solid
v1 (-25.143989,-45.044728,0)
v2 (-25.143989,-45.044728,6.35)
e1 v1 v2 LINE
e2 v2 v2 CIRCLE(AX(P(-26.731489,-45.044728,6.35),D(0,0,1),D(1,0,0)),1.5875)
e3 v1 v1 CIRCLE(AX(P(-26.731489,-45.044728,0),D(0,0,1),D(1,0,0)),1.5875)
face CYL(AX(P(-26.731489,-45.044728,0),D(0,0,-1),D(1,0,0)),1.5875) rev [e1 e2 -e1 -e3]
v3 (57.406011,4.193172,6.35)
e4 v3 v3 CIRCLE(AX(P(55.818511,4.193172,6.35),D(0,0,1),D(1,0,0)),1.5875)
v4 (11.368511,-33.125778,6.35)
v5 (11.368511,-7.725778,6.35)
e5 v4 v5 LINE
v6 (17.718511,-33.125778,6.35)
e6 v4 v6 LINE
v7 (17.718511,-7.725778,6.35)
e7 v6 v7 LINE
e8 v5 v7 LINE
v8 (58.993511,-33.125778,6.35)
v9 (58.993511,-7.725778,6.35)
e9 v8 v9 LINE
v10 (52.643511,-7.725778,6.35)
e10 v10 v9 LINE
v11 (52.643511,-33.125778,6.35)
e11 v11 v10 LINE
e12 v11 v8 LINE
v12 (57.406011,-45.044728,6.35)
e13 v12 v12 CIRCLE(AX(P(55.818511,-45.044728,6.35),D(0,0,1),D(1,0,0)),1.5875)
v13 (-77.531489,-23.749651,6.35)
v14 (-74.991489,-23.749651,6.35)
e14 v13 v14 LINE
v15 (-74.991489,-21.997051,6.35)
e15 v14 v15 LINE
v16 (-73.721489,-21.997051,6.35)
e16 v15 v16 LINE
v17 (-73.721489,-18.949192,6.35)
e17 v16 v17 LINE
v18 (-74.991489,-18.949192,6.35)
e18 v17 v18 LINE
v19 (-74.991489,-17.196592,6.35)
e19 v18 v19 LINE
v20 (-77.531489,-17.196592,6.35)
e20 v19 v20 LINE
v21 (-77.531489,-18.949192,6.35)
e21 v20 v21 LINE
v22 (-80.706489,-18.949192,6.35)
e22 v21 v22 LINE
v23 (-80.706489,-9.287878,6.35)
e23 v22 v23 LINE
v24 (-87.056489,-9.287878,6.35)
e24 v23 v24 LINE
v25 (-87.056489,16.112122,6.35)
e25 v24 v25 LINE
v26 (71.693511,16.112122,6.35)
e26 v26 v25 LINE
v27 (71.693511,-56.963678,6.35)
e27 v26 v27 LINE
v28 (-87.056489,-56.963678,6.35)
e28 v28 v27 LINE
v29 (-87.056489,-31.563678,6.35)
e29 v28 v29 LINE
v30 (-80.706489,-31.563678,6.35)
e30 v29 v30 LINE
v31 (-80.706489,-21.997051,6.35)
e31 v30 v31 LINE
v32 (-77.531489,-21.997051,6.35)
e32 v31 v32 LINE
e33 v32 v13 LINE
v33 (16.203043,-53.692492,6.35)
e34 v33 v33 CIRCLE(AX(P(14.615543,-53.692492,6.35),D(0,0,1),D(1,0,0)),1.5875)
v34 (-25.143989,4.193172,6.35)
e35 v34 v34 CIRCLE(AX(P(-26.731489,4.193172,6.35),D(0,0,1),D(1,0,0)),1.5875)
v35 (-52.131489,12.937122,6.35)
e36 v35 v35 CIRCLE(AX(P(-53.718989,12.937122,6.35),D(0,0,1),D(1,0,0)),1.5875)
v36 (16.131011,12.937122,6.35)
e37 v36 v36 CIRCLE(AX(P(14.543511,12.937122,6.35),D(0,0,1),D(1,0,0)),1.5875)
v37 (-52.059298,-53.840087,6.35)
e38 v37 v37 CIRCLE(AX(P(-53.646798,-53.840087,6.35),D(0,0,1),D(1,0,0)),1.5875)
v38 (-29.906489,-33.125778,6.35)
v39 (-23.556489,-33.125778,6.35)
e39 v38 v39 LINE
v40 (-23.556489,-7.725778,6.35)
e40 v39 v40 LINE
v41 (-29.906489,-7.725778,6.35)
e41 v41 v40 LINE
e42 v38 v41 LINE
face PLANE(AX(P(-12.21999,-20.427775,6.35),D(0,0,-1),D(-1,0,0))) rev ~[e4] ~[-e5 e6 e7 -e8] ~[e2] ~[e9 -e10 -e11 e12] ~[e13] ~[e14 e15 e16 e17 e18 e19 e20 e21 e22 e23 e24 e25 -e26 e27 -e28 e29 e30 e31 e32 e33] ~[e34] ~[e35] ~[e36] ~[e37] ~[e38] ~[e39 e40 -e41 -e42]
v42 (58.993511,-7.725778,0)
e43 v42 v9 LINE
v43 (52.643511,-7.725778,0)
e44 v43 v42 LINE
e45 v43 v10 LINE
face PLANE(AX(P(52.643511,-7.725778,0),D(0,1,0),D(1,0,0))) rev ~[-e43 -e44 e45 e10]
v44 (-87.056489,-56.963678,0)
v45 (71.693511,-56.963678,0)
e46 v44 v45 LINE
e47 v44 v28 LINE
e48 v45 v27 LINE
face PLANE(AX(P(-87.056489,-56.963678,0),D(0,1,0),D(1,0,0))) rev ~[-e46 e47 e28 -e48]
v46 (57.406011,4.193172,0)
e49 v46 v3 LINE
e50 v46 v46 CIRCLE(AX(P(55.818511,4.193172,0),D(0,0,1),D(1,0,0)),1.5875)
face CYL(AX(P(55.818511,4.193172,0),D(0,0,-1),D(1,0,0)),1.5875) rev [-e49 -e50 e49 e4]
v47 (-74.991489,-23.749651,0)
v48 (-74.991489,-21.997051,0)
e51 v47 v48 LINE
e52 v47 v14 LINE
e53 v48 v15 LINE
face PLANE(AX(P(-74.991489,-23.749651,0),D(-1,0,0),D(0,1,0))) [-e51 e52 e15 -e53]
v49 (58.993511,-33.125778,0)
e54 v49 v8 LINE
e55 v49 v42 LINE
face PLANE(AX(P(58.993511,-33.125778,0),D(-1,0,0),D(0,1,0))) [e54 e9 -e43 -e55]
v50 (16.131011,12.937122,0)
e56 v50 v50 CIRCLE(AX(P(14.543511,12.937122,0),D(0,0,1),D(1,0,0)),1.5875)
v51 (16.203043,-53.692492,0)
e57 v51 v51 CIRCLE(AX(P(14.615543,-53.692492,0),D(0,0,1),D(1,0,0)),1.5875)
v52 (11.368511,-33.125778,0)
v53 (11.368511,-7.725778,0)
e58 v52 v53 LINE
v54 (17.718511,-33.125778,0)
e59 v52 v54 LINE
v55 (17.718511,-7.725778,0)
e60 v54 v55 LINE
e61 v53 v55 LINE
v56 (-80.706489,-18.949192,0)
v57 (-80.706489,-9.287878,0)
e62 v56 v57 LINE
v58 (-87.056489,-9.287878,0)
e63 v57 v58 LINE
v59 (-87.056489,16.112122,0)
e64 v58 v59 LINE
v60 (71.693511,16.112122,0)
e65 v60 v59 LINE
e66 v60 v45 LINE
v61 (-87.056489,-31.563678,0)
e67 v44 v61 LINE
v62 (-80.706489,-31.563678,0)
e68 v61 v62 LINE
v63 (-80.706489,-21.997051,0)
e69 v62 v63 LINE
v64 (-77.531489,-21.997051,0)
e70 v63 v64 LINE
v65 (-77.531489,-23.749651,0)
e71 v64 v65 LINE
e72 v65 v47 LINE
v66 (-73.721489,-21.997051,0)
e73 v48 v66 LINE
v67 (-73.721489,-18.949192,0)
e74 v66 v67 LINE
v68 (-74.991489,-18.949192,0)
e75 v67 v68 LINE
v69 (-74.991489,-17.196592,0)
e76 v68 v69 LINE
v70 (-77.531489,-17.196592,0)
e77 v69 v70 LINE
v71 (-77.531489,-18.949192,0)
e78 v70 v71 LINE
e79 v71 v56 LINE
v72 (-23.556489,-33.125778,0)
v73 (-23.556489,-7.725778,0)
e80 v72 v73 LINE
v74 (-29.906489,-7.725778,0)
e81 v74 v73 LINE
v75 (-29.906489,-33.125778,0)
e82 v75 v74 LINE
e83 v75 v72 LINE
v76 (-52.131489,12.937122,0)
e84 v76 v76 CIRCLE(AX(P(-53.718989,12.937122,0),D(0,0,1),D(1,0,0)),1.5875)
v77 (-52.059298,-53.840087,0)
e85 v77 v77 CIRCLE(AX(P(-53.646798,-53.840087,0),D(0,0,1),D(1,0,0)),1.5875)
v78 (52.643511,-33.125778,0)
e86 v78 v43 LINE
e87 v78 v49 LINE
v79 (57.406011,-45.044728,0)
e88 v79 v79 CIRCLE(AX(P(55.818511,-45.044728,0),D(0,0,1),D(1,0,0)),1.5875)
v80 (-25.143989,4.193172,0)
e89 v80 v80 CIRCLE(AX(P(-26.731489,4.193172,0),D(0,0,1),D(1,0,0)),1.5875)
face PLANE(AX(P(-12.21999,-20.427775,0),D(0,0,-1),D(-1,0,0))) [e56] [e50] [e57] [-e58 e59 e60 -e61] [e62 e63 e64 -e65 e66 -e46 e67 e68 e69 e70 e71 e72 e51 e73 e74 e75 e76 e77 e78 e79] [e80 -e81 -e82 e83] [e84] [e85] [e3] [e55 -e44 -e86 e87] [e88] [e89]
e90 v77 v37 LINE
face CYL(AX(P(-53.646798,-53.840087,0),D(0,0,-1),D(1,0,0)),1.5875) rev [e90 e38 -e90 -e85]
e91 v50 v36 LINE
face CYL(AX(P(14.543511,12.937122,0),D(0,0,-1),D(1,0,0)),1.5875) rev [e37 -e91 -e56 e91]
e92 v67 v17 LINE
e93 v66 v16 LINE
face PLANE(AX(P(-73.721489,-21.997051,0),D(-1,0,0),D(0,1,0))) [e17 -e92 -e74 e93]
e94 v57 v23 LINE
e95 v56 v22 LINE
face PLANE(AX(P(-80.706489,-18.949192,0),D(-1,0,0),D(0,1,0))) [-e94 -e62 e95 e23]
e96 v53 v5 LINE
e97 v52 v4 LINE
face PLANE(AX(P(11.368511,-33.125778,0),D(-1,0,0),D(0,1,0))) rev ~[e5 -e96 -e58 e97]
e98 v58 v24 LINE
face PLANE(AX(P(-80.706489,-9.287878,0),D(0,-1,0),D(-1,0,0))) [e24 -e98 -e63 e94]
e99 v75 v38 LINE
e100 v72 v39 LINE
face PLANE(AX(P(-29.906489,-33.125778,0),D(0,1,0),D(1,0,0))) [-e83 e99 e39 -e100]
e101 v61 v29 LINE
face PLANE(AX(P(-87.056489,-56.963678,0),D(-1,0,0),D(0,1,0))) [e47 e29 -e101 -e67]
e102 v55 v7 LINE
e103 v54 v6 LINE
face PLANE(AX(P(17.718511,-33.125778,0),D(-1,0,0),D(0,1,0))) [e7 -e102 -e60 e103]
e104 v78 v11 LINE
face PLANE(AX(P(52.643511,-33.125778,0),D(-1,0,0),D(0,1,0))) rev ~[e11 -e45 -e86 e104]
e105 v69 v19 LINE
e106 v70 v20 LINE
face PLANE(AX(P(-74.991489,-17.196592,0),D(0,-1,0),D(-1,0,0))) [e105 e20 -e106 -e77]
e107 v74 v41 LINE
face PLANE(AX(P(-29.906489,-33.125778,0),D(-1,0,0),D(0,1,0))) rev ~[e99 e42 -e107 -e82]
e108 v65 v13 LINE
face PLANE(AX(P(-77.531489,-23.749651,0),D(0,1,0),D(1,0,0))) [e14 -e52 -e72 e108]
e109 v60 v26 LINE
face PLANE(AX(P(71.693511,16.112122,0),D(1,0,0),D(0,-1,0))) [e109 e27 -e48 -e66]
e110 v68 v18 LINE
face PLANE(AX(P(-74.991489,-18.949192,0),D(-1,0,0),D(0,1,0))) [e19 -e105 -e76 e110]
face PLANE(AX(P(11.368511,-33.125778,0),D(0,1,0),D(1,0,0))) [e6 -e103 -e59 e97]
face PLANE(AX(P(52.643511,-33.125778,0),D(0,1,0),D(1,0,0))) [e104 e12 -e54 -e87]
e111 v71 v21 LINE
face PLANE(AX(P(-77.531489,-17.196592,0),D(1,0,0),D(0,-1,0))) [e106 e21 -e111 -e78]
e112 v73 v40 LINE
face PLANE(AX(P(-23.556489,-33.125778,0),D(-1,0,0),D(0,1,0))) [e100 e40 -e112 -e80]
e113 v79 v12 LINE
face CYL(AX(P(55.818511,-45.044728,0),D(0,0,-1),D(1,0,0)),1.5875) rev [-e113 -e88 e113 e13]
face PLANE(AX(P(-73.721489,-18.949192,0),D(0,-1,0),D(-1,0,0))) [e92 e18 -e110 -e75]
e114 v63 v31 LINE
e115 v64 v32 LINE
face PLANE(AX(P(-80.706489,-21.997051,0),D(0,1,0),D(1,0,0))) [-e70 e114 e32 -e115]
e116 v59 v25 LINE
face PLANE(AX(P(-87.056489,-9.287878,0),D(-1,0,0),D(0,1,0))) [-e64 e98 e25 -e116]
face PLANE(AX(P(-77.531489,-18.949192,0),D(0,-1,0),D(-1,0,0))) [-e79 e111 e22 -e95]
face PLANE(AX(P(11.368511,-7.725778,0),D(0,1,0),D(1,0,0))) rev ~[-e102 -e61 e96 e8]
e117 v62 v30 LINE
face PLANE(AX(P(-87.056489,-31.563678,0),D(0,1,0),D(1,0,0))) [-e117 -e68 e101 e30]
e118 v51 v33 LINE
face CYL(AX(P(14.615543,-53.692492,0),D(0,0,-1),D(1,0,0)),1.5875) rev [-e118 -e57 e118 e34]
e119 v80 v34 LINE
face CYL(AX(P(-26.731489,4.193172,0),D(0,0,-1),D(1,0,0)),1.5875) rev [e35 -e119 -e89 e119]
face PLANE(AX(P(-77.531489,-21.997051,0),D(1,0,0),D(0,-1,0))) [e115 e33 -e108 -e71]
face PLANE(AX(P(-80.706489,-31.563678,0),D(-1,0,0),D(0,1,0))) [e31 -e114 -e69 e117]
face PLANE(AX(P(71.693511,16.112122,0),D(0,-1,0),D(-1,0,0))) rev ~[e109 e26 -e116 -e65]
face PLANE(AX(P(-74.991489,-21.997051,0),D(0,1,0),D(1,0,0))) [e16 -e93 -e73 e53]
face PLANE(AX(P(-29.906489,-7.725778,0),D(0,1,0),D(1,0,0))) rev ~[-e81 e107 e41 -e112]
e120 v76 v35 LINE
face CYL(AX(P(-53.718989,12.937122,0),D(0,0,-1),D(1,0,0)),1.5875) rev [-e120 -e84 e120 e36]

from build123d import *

# Parameters (mm, degrees)
SKETCH1_R           = 1.5875
SKETCH1_W           = 6.35
SKETCH1_H           = 25.4
BOSS_EXTRUDE1_DEPTH = 6.35


with BuildPart() as part:
    # Sketch1 → Boss-Extrude1 (new body)
    with BuildSketch(Plane.XY):
        Polygon((-80.70648923, -31.56367818), (-80.70648923, -21.997051347), (-77.53148923, -21.997051347), (-77.53148923, -23.749651347), (-74.99148923, -23.749651347), (-74.99148923, -21.997051347), (-73.72148923, -21.997051347), (-73.72148923, -18.949191991), (-74.99148923, -18.949191991), (-74.99148923, -17.196591991), (-77.53148923, -17.196591991), (-77.53148923, -18.949191991), (-80.70648923, -18.949191991), (-80.70648923, -9.28787818), (-87.05648923, -9.28787818), (-87.05648923, 16.11212182), (-80.70648923, 16.11212182), (71.69351077, 16.11212182), (71.69351077, -56.96367818), (-80.70648923, -56.96367818), (-87.05648923, -56.96367818), (-87.05648923, -31.56367818), align=None)
        with Locations((-26.73148923, 4.19317182)):
            Circle(SKETCH1_R, mode=Mode.SUBTRACT)
        with Locations((-26.73148923, -45.04472818)):
            Circle(SKETCH1_R, mode=Mode.SUBTRACT)
        with Locations((55.81851077, 4.19317182)):
            Circle(SKETCH1_R, mode=Mode.SUBTRACT)
        with Locations((55.81851077, -45.04472818)):
            Circle(SKETCH1_R, mode=Mode.SUBTRACT)
        with Locations((-53.71898923, 12.93712182)):
            Circle(SKETCH1_R, mode=Mode.SUBTRACT)
        with Locations((14.54351077, 12.93712182)):
            Circle(SKETCH1_R, mode=Mode.SUBTRACT)
        with Locations((-53.64679782, -53.840086503)):
            Circle(SKETCH1_R, mode=Mode.SUBTRACT)
        with Locations((14.615542619, -53.692492422)):
            Circle(SKETCH1_R, mode=Mode.SUBTRACT)
        with Locations((-26.73148923, -20.42577818)):
            Rectangle(SKETCH1_W, SKETCH1_H, mode=Mode.SUBTRACT)
        with Locations((55.81851077, -20.42577818)):
            Rectangle(SKETCH1_W, SKETCH1_H, mode=Mode.SUBTRACT)
        with Locations((14.54351077, -20.42577818)):
            Rectangle(SKETCH1_W, SKETCH1_H, mode=Mode.SUBTRACT)
    extrude(amount=BOSS_EXTRUDE1_DEPTH)


solid = part.part
